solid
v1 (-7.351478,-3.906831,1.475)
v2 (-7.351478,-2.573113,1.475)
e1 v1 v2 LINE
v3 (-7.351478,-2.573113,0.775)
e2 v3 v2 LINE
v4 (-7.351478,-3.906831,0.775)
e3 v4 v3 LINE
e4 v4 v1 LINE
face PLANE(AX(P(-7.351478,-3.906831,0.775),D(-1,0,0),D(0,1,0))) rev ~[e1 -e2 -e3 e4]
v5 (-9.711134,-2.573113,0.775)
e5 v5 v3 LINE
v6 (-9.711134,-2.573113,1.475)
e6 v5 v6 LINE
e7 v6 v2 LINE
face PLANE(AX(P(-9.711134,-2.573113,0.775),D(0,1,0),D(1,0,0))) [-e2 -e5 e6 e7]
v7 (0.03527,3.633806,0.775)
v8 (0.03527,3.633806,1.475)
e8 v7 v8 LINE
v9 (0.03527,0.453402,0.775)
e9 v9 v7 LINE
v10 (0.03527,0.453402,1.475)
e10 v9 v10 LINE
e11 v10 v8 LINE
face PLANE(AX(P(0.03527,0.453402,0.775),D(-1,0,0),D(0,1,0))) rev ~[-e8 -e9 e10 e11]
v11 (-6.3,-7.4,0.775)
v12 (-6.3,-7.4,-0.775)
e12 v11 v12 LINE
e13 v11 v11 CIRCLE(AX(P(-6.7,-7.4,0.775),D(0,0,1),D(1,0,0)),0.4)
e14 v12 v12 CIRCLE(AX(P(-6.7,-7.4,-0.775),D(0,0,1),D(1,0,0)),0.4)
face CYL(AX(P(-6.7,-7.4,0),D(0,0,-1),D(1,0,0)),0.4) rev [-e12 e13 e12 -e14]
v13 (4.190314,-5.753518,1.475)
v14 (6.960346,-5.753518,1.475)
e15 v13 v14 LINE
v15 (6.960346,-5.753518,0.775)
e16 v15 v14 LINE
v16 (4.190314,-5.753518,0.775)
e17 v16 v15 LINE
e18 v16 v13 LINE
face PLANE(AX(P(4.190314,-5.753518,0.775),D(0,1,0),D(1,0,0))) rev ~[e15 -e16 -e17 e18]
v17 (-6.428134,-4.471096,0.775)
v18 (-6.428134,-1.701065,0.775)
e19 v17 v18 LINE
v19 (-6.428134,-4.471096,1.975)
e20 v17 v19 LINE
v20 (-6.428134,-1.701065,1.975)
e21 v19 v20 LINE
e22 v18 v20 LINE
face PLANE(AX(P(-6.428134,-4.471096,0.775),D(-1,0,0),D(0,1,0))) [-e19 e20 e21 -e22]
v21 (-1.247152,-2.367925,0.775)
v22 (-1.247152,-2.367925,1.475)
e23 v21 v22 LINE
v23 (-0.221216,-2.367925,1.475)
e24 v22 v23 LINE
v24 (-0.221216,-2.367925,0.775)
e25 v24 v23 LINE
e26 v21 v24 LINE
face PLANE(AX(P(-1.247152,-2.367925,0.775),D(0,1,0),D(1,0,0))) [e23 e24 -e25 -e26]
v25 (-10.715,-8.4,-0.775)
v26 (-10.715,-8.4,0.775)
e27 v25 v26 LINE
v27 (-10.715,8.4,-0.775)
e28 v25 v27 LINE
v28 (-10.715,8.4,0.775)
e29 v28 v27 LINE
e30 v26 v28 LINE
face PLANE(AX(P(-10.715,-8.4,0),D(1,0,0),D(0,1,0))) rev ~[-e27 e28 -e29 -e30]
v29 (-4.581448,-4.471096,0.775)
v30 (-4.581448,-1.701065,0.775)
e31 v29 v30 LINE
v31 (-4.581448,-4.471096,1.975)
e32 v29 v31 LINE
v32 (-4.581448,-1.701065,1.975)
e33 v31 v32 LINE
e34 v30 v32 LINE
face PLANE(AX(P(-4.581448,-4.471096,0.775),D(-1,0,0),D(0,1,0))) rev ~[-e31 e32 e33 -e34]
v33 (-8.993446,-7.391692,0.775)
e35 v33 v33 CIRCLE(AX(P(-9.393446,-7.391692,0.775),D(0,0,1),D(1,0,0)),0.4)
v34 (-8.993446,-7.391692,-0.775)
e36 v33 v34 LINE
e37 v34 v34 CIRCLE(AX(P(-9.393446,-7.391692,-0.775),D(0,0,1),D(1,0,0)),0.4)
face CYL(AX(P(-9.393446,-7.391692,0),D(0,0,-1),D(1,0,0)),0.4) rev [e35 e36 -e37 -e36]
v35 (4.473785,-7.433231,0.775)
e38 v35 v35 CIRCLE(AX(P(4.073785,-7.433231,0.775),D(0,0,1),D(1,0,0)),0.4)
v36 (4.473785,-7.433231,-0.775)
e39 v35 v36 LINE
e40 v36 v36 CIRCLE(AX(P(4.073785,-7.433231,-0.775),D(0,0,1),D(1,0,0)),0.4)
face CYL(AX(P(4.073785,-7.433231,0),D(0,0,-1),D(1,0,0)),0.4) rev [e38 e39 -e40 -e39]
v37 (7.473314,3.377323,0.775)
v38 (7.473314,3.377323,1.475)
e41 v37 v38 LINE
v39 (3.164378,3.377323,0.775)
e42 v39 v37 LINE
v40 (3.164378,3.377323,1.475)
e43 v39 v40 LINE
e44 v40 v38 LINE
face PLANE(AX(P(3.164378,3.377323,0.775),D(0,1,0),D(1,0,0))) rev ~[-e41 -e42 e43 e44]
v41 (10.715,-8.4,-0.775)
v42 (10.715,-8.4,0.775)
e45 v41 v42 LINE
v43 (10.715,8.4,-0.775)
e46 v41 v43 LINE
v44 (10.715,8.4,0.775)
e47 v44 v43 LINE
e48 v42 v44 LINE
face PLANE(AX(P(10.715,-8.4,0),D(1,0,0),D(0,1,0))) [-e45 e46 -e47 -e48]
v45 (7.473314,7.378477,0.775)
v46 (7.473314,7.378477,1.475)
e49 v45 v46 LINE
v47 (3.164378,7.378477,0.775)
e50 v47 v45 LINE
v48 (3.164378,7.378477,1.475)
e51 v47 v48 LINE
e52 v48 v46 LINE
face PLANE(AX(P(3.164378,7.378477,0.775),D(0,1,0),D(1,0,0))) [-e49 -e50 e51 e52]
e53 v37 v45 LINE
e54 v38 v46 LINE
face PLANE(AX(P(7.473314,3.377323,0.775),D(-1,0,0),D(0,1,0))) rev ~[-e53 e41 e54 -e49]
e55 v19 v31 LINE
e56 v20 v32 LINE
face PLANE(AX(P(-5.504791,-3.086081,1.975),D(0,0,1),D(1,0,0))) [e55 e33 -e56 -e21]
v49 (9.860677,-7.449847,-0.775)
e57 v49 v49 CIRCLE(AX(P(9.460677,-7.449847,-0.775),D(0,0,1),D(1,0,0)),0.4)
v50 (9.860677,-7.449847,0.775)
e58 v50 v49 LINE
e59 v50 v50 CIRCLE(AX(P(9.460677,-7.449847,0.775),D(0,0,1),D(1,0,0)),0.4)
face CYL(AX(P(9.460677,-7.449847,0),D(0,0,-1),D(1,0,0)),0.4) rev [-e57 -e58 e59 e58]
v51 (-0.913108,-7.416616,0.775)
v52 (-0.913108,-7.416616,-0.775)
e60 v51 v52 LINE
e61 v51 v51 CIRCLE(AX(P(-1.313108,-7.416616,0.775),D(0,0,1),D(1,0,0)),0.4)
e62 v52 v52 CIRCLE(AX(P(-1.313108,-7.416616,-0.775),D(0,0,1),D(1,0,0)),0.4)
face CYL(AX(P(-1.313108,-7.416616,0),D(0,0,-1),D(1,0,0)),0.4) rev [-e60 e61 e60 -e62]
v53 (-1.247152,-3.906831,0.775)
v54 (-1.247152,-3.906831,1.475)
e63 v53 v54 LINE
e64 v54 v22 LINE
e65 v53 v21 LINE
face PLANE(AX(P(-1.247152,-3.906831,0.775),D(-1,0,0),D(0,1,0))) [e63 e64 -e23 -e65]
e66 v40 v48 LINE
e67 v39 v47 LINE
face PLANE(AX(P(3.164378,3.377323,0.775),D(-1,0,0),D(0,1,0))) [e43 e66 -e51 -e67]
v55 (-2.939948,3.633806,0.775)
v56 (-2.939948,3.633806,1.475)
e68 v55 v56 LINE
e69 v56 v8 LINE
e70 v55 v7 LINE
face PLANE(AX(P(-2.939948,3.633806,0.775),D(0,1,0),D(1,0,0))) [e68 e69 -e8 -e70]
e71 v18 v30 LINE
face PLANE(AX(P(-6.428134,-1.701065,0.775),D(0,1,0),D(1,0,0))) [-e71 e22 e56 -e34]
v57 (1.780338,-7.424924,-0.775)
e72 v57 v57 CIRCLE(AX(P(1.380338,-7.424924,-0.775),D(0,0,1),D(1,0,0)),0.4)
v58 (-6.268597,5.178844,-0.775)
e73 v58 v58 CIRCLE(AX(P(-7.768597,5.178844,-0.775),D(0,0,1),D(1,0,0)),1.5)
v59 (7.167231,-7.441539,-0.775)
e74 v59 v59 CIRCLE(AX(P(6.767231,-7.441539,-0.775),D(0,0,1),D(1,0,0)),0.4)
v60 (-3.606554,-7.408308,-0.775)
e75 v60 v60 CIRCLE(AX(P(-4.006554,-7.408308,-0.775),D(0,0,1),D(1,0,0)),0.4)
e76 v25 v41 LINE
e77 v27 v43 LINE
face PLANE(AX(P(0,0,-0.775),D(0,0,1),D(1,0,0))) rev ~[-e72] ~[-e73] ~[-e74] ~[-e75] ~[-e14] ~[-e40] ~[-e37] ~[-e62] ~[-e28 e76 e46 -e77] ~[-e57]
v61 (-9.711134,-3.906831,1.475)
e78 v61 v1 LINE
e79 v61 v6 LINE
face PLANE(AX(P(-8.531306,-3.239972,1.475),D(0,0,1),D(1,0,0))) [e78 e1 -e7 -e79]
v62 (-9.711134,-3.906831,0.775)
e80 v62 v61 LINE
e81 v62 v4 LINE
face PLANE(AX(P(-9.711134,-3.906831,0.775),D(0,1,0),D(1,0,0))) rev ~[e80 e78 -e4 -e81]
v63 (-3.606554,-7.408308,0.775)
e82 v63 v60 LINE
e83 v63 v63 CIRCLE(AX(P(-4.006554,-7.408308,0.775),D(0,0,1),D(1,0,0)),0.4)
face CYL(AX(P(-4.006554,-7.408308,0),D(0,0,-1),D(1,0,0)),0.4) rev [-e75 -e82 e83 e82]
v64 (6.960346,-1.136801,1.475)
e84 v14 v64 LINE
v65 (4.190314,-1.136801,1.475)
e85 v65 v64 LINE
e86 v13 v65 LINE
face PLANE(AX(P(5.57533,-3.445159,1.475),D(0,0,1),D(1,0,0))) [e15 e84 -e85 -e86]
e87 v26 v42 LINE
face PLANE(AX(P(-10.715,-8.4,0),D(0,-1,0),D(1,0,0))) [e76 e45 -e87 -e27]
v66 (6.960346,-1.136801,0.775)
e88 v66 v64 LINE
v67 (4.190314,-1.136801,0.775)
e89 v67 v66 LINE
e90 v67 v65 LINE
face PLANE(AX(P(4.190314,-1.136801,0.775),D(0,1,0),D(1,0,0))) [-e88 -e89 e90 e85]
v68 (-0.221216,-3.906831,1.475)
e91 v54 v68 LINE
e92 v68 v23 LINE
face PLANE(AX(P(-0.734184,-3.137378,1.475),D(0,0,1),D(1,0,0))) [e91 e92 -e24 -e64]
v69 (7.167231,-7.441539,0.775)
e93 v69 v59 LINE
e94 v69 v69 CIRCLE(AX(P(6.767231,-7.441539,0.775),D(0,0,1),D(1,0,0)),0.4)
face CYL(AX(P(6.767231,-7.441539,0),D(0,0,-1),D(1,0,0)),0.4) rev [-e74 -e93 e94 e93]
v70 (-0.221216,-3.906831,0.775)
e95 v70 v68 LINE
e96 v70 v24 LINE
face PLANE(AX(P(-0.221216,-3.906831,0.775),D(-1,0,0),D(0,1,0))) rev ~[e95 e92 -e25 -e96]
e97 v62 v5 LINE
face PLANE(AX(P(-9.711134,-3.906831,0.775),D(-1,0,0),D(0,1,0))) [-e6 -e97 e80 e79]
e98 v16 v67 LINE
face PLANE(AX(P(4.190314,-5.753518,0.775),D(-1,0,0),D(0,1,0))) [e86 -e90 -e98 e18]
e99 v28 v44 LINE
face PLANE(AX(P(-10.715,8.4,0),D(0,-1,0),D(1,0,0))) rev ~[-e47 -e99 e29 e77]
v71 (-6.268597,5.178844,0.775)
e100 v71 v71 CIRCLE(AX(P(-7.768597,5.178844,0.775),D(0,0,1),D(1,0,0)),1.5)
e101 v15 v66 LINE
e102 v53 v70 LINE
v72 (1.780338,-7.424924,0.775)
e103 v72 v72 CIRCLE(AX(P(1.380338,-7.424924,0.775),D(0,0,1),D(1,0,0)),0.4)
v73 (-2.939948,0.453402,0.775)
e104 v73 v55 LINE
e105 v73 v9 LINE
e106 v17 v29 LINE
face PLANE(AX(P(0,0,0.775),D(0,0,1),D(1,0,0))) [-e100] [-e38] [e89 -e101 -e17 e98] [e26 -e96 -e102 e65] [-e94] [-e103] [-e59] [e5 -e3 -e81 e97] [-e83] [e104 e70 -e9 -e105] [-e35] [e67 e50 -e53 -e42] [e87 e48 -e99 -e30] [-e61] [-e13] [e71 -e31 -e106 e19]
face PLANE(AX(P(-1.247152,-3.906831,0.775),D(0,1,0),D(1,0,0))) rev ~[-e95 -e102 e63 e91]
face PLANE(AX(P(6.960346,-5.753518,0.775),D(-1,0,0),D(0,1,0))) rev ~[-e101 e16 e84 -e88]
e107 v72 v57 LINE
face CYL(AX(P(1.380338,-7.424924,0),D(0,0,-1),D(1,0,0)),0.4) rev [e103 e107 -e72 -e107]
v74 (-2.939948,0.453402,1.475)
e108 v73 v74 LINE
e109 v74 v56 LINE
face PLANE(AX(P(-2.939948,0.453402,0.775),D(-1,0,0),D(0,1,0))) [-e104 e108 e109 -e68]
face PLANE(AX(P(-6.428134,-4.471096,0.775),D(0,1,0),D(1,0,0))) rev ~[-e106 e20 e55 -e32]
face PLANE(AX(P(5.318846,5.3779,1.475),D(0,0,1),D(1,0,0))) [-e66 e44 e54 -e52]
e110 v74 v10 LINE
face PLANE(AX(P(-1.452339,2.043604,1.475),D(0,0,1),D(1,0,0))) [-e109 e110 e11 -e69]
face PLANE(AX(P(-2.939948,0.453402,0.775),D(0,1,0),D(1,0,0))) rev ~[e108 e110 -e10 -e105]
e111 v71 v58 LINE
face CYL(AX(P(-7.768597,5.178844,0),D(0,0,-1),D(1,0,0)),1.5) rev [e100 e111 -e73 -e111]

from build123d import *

# Parameters (mm, degrees)
F0_W     = 21.43
F0_H     = 16.8
F0_R     = 0.4
F0_R_2   = 1.5
F1_DEPTH = 0.775
F2_W     = 2.359656
F2_H     = 1.333718
F2_W_2   = 1.025936
F2_H_2   = 1.538906
F2_W_3   = 2.975217
F2_H_3   = 3.180405
F2_W_4   = 2.770032
F2_H_4   = 4.616717
F2_W_5   = 4.308936
F2_H_5   = 4.001155
F3_DEPTH = 0.7
F2_W_6   = 1.846687
F2_H_6   = 2.770031
F4_DEPTH = 1.2


with BuildPart() as f1:
    # F0 (on Top) → F1 (new body, symmetric)
    with BuildSketch(Plane.XY):
        Rectangle(F0_W, F0_H)
        with Locations((-9.393446, -7.391692)):
            Circle(F0_R, mode=Mode.SUBTRACT)
        with Locations((-6.7, -7.4)):
            Circle(F0_R, mode=Mode.SUBTRACT)
        with Locations((-4.006554, -7.408308)):
            Circle(F0_R, mode=Mode.SUBTRACT)
        with Locations((-1.313108, -7.416616)):
            Circle(F0_R, mode=Mode.SUBTRACT)
        with Locations((1.380338, -7.424924)):
            Circle(F0_R, mode=Mode.SUBTRACT)
        with Locations((4.073785, -7.433231)):
            Circle(F0_R, mode=Mode.SUBTRACT)
        with Locations((6.767231, -7.441539)):
            Circle(F0_R, mode=Mode.SUBTRACT)
        with Locations((9.460677, -7.449847)):
            Circle(F0_R, mode=Mode.SUBTRACT)
        with Locations((-7.768597, 5.178844)):
            Circle(F0_R_2, mode=Mode.SUBTRACT)
    extrude(amount=F1_DEPTH, both=True)

    # F2 (on face) → F3 (join)
    with BuildSketch(Plane.XY.offset(0.775)):
        with Locations((-8.531306, -3.239972)):
            Rectangle(F2_W, F2_H)
        with Locations((-0.734184, -3.137378)):
            Rectangle(F2_W_2, F2_H_2)
        with Locations((-1.452339, 2.043604)):
            Rectangle(F2_W_3, F2_H_3)
        with Locations((5.57533, -3.445159)):
            Rectangle(F2_W_4, F2_H_4)
        with Locations((5.318846, 5.3779)):
            Rectangle(F2_W_5, F2_H_5)
    extrude(amount=F3_DEPTH)

    # F2 (on face) → F4 (join)
    with BuildSketch(Plane.XY.offset(0.775)):
        with Locations((-5.504791, -3.086081)):
            Rectangle(F2_W_6, F2_H_6)
    extrude(amount=F4_DEPTH)


solid = f1.part
